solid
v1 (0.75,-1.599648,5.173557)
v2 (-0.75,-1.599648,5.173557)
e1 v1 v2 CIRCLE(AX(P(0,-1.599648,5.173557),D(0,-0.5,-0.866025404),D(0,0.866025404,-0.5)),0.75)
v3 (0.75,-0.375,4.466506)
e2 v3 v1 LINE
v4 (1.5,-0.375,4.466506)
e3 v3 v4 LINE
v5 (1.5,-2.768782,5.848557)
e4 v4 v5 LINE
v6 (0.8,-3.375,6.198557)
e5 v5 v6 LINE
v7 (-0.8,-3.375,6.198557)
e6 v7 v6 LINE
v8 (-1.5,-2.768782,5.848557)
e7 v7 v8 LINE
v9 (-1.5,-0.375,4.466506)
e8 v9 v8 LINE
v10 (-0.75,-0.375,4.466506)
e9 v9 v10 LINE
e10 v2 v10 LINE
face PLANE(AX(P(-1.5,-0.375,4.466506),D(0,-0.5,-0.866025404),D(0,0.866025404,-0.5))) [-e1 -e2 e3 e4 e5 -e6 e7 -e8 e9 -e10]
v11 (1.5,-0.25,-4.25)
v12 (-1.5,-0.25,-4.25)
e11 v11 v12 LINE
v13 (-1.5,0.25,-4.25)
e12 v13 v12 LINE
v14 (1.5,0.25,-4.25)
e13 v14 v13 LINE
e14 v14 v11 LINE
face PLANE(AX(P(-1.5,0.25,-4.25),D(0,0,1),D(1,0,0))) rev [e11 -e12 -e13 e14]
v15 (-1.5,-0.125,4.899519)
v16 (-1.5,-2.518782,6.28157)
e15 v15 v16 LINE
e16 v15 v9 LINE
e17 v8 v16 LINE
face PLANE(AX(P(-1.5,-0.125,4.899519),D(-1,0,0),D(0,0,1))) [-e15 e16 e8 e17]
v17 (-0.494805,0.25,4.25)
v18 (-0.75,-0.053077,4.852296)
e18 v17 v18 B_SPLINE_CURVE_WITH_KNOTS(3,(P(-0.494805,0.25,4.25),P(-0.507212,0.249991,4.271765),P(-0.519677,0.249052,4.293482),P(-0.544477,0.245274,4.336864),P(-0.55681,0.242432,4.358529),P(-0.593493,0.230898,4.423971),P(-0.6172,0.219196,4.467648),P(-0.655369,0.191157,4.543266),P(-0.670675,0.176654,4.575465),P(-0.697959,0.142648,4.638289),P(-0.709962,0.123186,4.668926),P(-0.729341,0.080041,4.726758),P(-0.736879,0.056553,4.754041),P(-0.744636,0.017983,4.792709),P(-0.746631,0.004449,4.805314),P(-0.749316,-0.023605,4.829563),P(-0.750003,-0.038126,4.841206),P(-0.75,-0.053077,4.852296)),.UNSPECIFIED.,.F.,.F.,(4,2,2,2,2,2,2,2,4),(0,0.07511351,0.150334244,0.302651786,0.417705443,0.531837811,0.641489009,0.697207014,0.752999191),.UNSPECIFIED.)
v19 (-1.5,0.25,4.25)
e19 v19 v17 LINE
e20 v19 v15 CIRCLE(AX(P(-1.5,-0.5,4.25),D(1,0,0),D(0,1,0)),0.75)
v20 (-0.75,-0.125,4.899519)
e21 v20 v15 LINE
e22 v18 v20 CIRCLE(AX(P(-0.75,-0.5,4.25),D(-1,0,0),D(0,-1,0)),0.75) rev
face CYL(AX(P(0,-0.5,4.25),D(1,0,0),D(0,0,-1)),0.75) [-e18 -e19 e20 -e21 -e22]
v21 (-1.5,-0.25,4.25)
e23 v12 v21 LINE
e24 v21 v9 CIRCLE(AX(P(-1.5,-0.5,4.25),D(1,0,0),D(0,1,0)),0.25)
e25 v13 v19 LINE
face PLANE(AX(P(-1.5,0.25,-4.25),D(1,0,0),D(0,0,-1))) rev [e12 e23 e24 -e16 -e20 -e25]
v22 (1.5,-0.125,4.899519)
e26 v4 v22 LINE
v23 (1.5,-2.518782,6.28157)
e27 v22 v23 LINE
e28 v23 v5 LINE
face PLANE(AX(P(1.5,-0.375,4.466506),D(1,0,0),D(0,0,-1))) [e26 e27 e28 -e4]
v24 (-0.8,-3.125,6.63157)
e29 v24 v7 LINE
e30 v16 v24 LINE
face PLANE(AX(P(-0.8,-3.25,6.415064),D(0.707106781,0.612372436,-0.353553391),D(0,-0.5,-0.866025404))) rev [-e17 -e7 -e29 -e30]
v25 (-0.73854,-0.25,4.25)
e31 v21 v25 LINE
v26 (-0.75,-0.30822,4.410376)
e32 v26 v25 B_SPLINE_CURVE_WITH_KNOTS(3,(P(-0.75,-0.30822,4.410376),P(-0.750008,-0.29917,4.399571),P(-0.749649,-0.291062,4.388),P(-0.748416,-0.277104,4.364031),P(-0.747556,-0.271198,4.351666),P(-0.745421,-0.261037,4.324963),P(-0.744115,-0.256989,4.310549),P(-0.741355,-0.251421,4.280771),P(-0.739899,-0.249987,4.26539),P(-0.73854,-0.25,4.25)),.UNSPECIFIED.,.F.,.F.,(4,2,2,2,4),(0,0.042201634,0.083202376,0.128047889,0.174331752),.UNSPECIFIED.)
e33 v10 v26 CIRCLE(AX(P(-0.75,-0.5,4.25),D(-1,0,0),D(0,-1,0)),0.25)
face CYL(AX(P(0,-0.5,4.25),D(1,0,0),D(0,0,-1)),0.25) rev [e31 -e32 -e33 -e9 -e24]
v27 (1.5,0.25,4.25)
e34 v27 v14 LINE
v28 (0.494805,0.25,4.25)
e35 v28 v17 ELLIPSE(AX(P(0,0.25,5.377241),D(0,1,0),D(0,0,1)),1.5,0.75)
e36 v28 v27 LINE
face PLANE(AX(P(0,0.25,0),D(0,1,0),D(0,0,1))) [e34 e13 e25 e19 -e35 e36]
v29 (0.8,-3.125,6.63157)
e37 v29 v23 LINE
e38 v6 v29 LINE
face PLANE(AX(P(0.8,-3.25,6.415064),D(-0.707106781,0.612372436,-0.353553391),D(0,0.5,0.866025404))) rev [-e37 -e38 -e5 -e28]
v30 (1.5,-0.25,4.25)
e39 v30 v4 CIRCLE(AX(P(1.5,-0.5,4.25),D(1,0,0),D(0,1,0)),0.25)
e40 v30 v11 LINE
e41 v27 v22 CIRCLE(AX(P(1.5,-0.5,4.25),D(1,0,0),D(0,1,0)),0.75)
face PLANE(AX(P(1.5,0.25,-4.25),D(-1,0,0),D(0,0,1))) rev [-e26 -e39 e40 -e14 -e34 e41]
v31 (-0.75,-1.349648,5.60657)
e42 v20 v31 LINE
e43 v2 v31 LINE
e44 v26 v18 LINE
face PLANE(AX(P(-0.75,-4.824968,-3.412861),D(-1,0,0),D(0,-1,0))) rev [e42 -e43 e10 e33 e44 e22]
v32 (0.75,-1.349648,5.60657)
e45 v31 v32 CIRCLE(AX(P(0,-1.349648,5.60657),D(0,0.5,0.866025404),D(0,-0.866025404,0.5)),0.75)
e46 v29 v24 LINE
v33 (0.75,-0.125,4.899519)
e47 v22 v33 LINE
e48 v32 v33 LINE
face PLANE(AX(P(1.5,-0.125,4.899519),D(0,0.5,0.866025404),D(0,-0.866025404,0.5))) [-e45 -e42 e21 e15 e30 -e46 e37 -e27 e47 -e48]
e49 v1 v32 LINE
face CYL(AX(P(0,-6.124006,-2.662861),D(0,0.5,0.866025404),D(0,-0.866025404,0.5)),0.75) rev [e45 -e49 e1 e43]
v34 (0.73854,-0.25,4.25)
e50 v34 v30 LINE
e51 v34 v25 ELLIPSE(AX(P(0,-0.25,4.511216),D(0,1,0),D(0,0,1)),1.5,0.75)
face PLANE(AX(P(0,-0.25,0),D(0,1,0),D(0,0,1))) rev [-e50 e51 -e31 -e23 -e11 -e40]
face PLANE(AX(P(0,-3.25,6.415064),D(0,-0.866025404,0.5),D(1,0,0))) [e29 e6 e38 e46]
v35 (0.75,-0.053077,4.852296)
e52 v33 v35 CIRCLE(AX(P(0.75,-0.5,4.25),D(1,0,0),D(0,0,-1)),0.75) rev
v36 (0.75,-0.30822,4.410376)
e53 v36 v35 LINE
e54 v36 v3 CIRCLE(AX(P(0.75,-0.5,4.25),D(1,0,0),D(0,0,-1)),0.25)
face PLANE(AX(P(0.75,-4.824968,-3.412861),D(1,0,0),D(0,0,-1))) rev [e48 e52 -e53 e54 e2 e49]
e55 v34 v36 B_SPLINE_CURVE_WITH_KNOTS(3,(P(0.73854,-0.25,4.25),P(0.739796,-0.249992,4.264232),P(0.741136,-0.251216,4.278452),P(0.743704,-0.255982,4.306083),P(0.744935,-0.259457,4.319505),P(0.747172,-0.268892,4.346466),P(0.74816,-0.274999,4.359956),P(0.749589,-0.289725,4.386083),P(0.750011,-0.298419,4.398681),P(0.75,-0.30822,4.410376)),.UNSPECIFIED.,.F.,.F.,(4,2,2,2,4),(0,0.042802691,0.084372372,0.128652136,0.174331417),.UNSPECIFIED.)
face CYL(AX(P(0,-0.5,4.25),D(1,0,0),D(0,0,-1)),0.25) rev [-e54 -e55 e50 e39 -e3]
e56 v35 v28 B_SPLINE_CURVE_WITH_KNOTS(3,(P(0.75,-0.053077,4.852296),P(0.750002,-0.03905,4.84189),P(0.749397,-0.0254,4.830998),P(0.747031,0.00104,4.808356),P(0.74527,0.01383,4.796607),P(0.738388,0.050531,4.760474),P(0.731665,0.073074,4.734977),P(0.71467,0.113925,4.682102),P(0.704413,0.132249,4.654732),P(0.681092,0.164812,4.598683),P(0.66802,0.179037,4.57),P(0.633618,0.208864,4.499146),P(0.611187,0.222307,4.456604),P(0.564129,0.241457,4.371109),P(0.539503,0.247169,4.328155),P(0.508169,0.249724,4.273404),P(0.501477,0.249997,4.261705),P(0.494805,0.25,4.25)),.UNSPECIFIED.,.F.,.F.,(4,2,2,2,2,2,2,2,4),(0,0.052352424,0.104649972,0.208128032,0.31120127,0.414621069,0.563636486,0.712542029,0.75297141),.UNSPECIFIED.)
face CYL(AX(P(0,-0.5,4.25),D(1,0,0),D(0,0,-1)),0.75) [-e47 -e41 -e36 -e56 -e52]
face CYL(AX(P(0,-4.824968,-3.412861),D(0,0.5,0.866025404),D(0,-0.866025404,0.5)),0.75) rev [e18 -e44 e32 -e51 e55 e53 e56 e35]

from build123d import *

# Parameters (mm, degrees)
SKETCH1_W           = 3
SKETCH1_H           = 8.5
BOSS_EXTRUDE1_DEPTH = 0.25
SKETCH4_W           = 3
SKETCH4_H           = 0.5
CUT_EXTRUDE1_DEPTH  = 10.548715932
CHAMFER1_SIZE       = 0.7


with BuildPart() as part:
    # Sketch1 → Boss-Extrude1 (new body, symmetric)
    with BuildSketch(Plane(origin=(0, 0, 0), x_dir=(1, 0, 0), z_dir=(0, 1, 0))):
        Rectangle(SKETCH1_W, SKETCH1_H)
    extrude(amount=BOSS_EXTRUDE1_DEPTH, both=True)

    # Sweep1: sweep along a path in Sketch5
    with BuildLine(Plane(origin=(0, 0, 0), x_dir=(0, 0, -1), z_dir=(1, 0, 0))) as sweep1_path:
        Line((-6.415063509, -3.25), (-4.683012702, -0.25))
        ThreePointArc((-4.683012702, -0.25), (-4.5, -0.066987298), (-4.25, 0))
    # Sketch4 → Sweep1 (sweep)
    with BuildSketch(Plane.XY.offset(4.25)):
        Rectangle(SKETCH4_W, SKETCH4_H)
    sweep(path=sweep1_path.line)

    # Sketch6 → Cut-Extrude1 (cut, through all)
    with BuildSketch(Plane(origin=(0, 2.090303983, 3.620512702), x_dir=(1, 0, 0), z_dir=(0, 0.5, 0.866025404))):
        with BuildLine():
            Line((0.75, -2.472114317), (0.75, -3.972114317))
            ThreePointArc((0.75, -3.972114317), (0, -4.722114317), (-0.75, -3.972114317))
            Line((-0.75, -3.972114317), (-0.75, -2.472114317))
            ThreePointArc((-0.75, -2.472114317), (0, -1.722114317), (0.75, -2.472114317))
        make_face()
    extrude(amount=-CUT_EXTRUDE1_DEPTH, mode=Mode.SUBTRACT)

    # Chamfer1
    chamfer1_edges = [part.edges().sort_by_distance(p)[0] for p in [
        (-1.5, -3.25, 6.415063509),
        (1.5, -3.25, 6.415063509),
    ]]
    chamfer(chamfer1_edges, length=CHAMFER1_SIZE)


solid = part.part
